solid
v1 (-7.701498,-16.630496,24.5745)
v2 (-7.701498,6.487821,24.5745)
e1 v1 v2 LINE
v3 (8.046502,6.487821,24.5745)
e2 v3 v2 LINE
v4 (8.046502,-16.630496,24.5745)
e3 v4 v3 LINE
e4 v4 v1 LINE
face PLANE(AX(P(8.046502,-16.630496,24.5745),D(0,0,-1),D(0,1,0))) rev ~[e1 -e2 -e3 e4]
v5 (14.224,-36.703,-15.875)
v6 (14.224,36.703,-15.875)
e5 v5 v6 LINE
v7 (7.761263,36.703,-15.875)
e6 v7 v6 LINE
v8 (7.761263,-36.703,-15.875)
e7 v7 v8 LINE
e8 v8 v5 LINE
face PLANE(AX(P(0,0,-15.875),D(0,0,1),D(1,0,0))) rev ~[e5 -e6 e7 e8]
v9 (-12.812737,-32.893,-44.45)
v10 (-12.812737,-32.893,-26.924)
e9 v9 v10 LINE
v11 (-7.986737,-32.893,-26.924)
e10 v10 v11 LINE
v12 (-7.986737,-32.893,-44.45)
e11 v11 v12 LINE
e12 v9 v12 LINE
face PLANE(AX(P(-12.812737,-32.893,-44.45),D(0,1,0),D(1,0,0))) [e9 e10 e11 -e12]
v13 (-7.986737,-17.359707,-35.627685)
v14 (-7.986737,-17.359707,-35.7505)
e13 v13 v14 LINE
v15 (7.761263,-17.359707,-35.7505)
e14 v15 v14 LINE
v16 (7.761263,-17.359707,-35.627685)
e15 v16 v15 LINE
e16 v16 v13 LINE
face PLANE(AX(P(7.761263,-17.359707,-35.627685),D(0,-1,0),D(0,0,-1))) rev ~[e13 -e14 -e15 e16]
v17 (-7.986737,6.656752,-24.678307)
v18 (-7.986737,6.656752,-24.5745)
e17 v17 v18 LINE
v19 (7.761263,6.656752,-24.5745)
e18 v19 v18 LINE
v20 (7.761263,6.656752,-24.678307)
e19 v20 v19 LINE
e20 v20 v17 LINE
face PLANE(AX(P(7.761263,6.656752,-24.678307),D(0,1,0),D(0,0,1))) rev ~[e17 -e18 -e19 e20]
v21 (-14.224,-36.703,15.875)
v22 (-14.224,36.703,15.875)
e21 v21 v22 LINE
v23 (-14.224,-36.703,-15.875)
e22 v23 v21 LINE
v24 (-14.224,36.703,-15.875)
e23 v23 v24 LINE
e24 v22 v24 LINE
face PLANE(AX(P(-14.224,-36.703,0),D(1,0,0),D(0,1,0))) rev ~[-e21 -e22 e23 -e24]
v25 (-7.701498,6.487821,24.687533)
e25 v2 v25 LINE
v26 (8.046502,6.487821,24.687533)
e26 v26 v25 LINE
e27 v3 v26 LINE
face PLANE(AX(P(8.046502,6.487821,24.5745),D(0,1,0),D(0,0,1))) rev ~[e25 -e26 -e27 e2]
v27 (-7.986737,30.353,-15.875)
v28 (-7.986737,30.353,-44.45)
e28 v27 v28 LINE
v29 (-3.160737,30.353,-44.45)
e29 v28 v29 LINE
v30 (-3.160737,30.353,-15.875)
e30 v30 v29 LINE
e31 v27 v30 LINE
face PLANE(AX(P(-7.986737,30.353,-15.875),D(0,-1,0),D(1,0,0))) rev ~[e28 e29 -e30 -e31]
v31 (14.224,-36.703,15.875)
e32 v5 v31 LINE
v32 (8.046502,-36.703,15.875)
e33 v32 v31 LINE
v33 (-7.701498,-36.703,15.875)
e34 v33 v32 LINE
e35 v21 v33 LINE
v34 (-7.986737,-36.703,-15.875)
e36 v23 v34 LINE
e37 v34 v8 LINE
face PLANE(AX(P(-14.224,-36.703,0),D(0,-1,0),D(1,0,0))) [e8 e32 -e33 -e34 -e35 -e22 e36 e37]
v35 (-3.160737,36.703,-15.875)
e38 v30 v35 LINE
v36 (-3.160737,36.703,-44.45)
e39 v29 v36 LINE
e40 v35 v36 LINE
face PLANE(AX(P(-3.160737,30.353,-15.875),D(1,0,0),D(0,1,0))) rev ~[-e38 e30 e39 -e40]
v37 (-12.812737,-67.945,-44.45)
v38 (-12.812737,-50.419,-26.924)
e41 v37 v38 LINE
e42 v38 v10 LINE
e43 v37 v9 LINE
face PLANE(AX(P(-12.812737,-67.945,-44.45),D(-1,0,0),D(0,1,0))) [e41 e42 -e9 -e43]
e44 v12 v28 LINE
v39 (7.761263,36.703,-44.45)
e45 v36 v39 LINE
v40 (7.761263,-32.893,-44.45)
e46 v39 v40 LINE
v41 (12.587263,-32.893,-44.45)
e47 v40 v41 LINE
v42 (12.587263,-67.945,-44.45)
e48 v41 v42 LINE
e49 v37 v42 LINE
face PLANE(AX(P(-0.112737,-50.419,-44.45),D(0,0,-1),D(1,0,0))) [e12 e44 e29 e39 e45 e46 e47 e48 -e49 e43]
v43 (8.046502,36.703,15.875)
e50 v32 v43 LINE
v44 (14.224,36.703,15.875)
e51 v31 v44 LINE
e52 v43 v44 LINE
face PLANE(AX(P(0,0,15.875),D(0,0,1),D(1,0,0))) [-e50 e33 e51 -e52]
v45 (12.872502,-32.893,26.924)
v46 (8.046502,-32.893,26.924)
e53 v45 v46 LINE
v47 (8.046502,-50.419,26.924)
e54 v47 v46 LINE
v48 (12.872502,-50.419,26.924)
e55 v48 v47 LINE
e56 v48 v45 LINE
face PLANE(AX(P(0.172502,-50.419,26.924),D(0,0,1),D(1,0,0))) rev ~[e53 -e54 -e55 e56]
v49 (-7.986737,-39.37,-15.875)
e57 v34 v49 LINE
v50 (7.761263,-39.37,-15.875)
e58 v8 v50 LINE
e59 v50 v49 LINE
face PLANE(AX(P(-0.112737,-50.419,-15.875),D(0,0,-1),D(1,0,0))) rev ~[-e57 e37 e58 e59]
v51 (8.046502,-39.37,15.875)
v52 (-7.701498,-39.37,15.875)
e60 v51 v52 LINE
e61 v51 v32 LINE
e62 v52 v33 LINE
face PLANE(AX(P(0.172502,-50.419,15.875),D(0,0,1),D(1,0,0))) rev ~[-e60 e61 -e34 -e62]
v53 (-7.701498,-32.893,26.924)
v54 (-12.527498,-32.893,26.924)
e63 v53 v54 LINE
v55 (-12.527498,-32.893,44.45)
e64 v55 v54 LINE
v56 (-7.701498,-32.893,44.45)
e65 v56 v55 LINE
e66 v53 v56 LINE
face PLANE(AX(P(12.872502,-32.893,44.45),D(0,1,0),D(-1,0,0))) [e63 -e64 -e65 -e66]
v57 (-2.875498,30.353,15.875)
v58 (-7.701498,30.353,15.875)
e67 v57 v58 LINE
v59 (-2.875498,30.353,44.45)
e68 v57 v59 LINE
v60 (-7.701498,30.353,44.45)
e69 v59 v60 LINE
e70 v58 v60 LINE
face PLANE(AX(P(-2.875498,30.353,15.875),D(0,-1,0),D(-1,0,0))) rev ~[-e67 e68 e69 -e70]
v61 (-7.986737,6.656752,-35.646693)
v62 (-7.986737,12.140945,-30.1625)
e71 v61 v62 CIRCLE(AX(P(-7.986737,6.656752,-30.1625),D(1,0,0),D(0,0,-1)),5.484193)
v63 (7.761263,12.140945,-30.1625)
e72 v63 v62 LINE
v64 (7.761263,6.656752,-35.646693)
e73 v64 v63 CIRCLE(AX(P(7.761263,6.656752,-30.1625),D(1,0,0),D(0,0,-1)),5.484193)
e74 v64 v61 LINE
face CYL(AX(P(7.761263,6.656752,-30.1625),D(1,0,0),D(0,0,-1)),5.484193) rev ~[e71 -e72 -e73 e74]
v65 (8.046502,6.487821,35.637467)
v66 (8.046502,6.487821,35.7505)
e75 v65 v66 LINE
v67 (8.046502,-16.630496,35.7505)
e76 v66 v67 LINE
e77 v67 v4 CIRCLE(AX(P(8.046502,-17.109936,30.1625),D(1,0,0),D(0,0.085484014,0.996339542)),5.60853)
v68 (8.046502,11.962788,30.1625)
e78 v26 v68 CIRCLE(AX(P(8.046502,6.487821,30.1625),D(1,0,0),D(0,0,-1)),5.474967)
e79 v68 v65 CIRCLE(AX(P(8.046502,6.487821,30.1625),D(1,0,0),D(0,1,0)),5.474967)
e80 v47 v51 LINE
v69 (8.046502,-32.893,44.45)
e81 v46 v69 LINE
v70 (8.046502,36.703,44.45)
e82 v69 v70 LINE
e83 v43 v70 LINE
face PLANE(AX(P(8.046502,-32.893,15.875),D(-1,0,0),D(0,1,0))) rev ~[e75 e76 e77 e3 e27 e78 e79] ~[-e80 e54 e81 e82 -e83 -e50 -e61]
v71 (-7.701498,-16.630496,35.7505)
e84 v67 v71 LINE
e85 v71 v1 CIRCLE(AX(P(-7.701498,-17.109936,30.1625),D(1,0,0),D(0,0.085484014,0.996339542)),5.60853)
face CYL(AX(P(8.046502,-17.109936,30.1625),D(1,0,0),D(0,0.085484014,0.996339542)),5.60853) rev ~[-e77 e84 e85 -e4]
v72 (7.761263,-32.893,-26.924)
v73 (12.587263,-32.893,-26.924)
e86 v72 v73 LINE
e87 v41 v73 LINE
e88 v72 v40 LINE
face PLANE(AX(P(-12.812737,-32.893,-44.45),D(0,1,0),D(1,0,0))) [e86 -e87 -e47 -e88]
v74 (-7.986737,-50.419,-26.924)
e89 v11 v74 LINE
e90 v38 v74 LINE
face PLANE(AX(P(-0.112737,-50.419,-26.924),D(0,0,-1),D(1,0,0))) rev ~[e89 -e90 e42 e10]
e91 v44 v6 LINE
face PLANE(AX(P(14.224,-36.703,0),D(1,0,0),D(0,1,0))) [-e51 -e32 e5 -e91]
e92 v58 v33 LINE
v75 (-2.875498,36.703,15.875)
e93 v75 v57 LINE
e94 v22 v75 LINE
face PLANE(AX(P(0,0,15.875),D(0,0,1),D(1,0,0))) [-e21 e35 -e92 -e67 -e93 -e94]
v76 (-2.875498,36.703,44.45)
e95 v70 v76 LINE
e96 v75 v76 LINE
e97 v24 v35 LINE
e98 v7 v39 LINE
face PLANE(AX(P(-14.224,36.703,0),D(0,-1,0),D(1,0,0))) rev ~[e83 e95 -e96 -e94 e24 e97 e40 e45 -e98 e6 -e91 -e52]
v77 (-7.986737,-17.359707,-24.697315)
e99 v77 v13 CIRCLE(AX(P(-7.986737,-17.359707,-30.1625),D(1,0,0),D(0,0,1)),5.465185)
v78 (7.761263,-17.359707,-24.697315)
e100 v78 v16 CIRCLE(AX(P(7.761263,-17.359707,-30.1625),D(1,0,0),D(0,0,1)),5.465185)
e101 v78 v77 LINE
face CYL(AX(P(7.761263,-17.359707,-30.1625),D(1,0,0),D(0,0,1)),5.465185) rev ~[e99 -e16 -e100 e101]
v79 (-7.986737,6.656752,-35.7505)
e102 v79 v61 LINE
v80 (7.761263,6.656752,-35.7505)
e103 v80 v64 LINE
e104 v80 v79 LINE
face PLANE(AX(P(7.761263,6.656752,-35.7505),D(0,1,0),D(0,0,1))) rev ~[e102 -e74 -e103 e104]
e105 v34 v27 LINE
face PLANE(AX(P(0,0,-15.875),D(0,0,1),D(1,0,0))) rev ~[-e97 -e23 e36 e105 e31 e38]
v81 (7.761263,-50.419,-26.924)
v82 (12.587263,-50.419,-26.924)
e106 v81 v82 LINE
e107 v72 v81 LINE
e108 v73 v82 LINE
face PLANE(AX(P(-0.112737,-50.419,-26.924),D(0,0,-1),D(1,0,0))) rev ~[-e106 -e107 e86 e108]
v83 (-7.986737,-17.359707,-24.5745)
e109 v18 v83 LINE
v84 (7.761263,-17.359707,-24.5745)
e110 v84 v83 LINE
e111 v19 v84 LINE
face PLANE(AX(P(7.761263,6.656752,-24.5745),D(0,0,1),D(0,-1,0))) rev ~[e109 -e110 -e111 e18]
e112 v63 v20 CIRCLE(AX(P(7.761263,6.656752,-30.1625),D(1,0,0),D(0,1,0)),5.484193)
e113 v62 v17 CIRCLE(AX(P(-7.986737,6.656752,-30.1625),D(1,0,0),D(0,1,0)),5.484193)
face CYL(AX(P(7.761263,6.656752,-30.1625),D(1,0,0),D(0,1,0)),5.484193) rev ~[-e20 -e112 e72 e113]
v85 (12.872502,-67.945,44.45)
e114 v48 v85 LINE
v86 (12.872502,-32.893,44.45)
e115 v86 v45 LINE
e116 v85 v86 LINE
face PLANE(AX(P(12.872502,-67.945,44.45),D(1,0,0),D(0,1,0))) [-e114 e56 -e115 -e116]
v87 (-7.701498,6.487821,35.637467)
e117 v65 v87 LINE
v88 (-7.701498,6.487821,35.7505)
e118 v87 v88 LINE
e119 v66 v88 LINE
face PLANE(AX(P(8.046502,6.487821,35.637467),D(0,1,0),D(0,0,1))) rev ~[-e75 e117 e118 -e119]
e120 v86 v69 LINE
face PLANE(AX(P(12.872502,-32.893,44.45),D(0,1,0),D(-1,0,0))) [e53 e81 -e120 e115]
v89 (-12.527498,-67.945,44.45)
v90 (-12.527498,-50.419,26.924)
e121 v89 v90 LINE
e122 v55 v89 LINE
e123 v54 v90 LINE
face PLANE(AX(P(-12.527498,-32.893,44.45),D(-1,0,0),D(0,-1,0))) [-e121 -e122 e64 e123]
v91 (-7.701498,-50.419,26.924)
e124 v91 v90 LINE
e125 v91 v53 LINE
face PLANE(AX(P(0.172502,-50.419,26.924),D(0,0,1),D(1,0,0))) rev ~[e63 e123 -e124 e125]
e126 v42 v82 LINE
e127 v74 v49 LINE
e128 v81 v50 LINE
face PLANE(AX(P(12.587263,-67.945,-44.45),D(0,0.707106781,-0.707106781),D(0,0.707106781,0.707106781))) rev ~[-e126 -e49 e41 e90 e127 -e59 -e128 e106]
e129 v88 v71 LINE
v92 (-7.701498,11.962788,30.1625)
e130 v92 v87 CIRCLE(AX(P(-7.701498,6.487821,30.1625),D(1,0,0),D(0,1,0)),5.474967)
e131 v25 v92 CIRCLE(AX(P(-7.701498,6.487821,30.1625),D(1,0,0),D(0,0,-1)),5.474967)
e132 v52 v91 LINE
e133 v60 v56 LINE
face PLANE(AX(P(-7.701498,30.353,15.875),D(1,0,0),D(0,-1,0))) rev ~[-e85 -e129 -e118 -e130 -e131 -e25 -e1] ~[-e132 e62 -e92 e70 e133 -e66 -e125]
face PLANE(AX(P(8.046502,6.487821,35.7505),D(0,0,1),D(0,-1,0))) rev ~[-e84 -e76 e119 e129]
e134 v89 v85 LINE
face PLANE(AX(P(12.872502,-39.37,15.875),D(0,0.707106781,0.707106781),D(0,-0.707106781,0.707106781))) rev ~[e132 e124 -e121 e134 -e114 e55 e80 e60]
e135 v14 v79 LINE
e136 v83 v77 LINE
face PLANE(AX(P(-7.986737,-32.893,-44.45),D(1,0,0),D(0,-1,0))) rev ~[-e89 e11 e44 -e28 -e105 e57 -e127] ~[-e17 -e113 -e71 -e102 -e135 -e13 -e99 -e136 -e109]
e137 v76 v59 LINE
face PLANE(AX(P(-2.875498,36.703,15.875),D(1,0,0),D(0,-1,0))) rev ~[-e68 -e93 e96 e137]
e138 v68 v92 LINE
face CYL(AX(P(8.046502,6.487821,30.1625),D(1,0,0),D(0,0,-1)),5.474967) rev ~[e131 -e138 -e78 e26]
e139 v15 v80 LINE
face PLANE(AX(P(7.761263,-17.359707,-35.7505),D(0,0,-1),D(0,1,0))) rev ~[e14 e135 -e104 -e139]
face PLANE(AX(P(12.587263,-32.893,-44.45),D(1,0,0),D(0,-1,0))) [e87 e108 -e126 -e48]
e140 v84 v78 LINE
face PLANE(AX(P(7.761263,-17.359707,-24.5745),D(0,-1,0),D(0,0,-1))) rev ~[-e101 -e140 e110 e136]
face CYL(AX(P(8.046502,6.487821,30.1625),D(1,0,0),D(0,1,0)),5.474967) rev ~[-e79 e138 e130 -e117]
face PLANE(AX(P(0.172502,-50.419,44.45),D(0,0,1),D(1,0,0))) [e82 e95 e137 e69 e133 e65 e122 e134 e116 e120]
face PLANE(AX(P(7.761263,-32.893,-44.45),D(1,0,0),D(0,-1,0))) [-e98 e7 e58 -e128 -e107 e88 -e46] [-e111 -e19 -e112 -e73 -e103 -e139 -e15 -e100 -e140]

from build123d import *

# Parameters (mm, degrees)
F0_W      = 28.448
F0_H      = 73.406
F1_DEPTH  = 15.875
F4_DEPTH  = 28.575
F5_DEPTH  = 28.575
F7_DEPTH  = 17.526
F9_DEPTH  = 17.526
F10_W     = 15.748
F10_H     = 35.052
F11_DEPTH = 28.575
F12_W     = 15.748
F12_H     = 35.052
F13_DEPTH = 28.575
F15_DEPTH = 27.0975020094
F17_DEPTH = 25.4
F19_DEPTH = 25.4
F21_DEPTH = 25.4


with BuildPart() as f1:
    # F0 (on Top) → F1 (new body, symmetric)
    with BuildSketch(Plane.XY):
        Rectangle(F0_W, F0_H)
    extrude(amount=F1_DEPTH, both=True)

    # F2 (on face) → F4 (join)
    with BuildSketch(Plane.XY.offset(15.875)):
        Polygon((8.0465020094, 36.703), (-2.8754979906, 36.703), (-2.8754979906, 30.353), (-7.7014979906, 30.353), (-7.7014979906, -32.893), (8.0465020094, -32.893), align=None)
    extrude(amount=F4_DEPTH)

    # F3 (on face) → F5 (join)
    with BuildSketch(Plane(origin=(0, 0, -15.875), x_dir=(1, 0, 0), z_dir=(0, 0, -1))):
        Polygon((-3.1607374152, -30.353), (-3.1607374152, -36.703), (7.7612625848, -36.703), (7.7612625848, 32.893), (-7.9867374152, 32.893), (-7.9867374152, -30.353), align=None)
    extrude(amount=F5_DEPTH)

    # F6 (on face) → F7 (join)
    with BuildSketch(Plane.XY.offset(44.45)):
        Polygon((-7.7014979906, -32.893), (-12.5274979906, -32.893), (-12.5274979906, -67.945), (12.8725020094, -67.945), (12.8725020094, -32.893), (8.0465020094, -32.893), align=None)
    extrude(amount=-F7_DEPTH)

    # F8 (on face) → F9 (join)
    with BuildSketch(Plane(origin=(0, 0, -44.45), x_dir=(1, 0, 0), z_dir=(0, 0, -1))):
        Polygon((-12.8127374152, 67.945), (-12.8127374152, 32.893), (-7.9867374152, 32.893), (7.7612625848, 32.893), (12.5872625848, 32.893), (12.5872625848, 67.945), align=None)
    extrude(amount=-F9_DEPTH)

    # F10 (on face) → F11 (join)
    with BuildSketch(Plane.XY.offset(44.45)):
        with Locations((0.1725020094, -50.419)):
            Rectangle(F10_W, F10_H)
    extrude(amount=-F11_DEPTH)

    # F12 (on face) → F13 (join)
    with BuildSketch(Plane(origin=(0, 0, -44.45), x_dir=(1, 0, 0), z_dir=(0, 0, -1))):
        with Locations((-0.1127374152, 50.419)):
            Rectangle(F12_W, F12_H)
    extrude(amount=-F13_DEPTH)

    # F14 (on face) → F15 (cut, through all)
    with BuildSketch(Plane.YZ.offset(12.8725020094)):
        Polygon((-50.419, 26.924), (-67.945, 26.924), (-67.945, 15.875), (-39.37, 15.875), align=None)
        Polygon((-50.419, 26.924), (-67.945, 44.45), (-67.945, 26.924), align=None)
    extrude(amount=-F15_DEPTH, mode=Mode.SUBTRACT)

    # F16 (on face) → F17 (cut)
    with BuildSketch(Plane.YZ.offset(12.5872625848)):
        Polygon((-67.945, -15.875), (-67.945, -26.924), (-50.419, -26.924), (-39.37, -15.875), align=None)
        Polygon((-67.945, -26.924), (-67.945, -44.45), (-50.419, -26.924), align=None)
    extrude(amount=-F17_DEPTH, mode=Mode.SUBTRACT)

    # F18 (on face) → F19 (cut)
    with BuildSketch(Plane.YZ.offset(8.0465020094)):
        with BuildLine():
            Line((-16.6304964619, 24.5745), (-17.1099361032, 24.5745))
            Line((-17.1099361032, 24.5745), (-17.1099361032, 35.7505))
            Line((-17.1099361032, 35.7505), (-16.6304964619, 35.7505))
            ThreePointArc((-16.6304964619, 35.7505), (-22.7184658901, 30.1625), (-16.6304964619, 24.5745))
        make_face()
        with BuildLine():
            Line((-17.1099361032, 35.7505), (-17.1099361032, 24.5745))
            Line((-17.1099361032, 24.5745), (-16.6304964619, 24.5745))
            ThreePointArc((-16.6304964619, 24.5745), (-12.9780746656, 26.369964248), (-11.5014063164, 30.1625))
            ThreePointArc((-11.5014063164, 30.1625), (-12.9780746656, 33.955035752), (-16.6304964619, 35.7505))
            Line((-16.6304964619, 35.7505), (-17.1099361032, 35.7505))
        make_face()
        with BuildLine():
            ThreePointArc((-11.5014063164, 30.1625), (-12.9780746656, 26.369964248), (-16.6304964619, 24.5745))
            Line((-16.6304964619, 24.5745), (6.4878210612, 24.5745))
            Line((6.4878210612, 24.5745), (6.4878210612, 24.687532988))
            ThreePointArc((6.4878210612, 24.687532988), (1.0128540493, 30.1625), (6.4878210612, 35.637467012))
            Line((6.4878210612, 35.637467012), (6.4878210612, 35.7505))
            Line((6.4878210612, 35.7505), (-16.6304964619, 35.7505))
            ThreePointArc((-16.6304964619, 35.7505), (-12.9780746656, 33.955035752), (-11.5014063164, 30.1625))
        make_face()
        with BuildLine():
            ThreePointArc((6.4878210612, 35.637467012), (1.0128540493, 30.1625), (6.4878210612, 24.687532988))
            Line((6.4878210612, 24.687532988), (6.4878210612, 35.637467012))
        make_face()
        with BuildLine():
            Line((6.4878210612, 35.637467012), (6.4878210612, 24.687532988))
            ThreePointArc((6.4878210612, 24.687532988), (10.3592073622, 26.2911136991), (11.9627880732, 30.1625))
            ThreePointArc((11.9627880732, 30.1625), (10.3592073622, 34.0338863009), (6.4878210612, 35.637467012))
        make_face()
    extrude(amount=-F19_DEPTH, mode=Mode.SUBTRACT)

    # F20 (on face) → F21 (cut)
    with BuildSketch(Plane.YZ.offset(7.7612625848)):
        with BuildLine():
            ThreePointArc((-17.3597068011, -24.6973145474), (-22.8248922537, -30.1625), (-17.3597068011, -35.6276854526))
            Line((-17.3597068011, -35.6276854526), (-17.3597068011, -24.6973145474))
        make_face()
        with BuildLine():
            Line((-17.3597068011, -24.6973145474), (-17.3597068011, -35.6276854526))
            ThreePointArc((-17.3597068011, -35.6276854526), (-13.4952371071, -34.026969694), (-11.8945213485, -30.1625))
            ThreePointArc((-11.8945213485, -30.1625), (-13.4952371071, -26.298030306), (-17.3597068011, -24.6973145474))
        make_face()
        with BuildLine():
            Line((-17.3597068011, -35.7505), (6.6567515023, -35.7505))
            Line((6.6567515023, -35.7505), (6.6567515023, -35.6466932751))
            ThreePointArc((6.6567515023, -35.6466932751), (1.1725582272, -30.1625), (6.6567515023, -24.6783067249))
            Line((6.6567515023, -24.6783067249), (6.6567515023, -24.5745))
            Line((6.6567515023, -24.5745), (-17.3597068011, -24.5745))
            Line((-17.3597068011, -24.5745), (-17.3597068011, -24.6973145474))
            ThreePointArc((-17.3597068011, -24.6973145474), (-13.4952371071, -26.298030306), (-11.8945213485, -30.1625))
            ThreePointArc((-11.8945213485, -30.1625), (-13.4952371071, -34.026969694), (-17.3597068011, -35.6276854526))
            Line((-17.3597068011, -35.6276854526), (-17.3597068011, -35.7505))
        make_face()
        with BuildLine():
            ThreePointArc((6.6567515023, -24.6783067249), (1.1725582272, -30.1625), (6.6567515023, -35.6466932751))
            Line((6.6567515023, -35.6466932751), (6.6567515023, -24.6783067249))
        make_face()
        with BuildLine():
            Line((6.6567515023, -24.6783067249), (6.6567515023, -35.6466932751))
            ThreePointArc((6.6567515023, -35.6466932751), (10.5346617564, -34.0404102541), (12.1409447774, -30.1625))
            ThreePointArc((12.1409447774, -30.1625), (10.5346617564, -26.2845897459), (6.6567515023, -24.6783067249))
        make_face()
    extrude(amount=-F21_DEPTH, mode=Mode.SUBTRACT)


solid = f1.part
